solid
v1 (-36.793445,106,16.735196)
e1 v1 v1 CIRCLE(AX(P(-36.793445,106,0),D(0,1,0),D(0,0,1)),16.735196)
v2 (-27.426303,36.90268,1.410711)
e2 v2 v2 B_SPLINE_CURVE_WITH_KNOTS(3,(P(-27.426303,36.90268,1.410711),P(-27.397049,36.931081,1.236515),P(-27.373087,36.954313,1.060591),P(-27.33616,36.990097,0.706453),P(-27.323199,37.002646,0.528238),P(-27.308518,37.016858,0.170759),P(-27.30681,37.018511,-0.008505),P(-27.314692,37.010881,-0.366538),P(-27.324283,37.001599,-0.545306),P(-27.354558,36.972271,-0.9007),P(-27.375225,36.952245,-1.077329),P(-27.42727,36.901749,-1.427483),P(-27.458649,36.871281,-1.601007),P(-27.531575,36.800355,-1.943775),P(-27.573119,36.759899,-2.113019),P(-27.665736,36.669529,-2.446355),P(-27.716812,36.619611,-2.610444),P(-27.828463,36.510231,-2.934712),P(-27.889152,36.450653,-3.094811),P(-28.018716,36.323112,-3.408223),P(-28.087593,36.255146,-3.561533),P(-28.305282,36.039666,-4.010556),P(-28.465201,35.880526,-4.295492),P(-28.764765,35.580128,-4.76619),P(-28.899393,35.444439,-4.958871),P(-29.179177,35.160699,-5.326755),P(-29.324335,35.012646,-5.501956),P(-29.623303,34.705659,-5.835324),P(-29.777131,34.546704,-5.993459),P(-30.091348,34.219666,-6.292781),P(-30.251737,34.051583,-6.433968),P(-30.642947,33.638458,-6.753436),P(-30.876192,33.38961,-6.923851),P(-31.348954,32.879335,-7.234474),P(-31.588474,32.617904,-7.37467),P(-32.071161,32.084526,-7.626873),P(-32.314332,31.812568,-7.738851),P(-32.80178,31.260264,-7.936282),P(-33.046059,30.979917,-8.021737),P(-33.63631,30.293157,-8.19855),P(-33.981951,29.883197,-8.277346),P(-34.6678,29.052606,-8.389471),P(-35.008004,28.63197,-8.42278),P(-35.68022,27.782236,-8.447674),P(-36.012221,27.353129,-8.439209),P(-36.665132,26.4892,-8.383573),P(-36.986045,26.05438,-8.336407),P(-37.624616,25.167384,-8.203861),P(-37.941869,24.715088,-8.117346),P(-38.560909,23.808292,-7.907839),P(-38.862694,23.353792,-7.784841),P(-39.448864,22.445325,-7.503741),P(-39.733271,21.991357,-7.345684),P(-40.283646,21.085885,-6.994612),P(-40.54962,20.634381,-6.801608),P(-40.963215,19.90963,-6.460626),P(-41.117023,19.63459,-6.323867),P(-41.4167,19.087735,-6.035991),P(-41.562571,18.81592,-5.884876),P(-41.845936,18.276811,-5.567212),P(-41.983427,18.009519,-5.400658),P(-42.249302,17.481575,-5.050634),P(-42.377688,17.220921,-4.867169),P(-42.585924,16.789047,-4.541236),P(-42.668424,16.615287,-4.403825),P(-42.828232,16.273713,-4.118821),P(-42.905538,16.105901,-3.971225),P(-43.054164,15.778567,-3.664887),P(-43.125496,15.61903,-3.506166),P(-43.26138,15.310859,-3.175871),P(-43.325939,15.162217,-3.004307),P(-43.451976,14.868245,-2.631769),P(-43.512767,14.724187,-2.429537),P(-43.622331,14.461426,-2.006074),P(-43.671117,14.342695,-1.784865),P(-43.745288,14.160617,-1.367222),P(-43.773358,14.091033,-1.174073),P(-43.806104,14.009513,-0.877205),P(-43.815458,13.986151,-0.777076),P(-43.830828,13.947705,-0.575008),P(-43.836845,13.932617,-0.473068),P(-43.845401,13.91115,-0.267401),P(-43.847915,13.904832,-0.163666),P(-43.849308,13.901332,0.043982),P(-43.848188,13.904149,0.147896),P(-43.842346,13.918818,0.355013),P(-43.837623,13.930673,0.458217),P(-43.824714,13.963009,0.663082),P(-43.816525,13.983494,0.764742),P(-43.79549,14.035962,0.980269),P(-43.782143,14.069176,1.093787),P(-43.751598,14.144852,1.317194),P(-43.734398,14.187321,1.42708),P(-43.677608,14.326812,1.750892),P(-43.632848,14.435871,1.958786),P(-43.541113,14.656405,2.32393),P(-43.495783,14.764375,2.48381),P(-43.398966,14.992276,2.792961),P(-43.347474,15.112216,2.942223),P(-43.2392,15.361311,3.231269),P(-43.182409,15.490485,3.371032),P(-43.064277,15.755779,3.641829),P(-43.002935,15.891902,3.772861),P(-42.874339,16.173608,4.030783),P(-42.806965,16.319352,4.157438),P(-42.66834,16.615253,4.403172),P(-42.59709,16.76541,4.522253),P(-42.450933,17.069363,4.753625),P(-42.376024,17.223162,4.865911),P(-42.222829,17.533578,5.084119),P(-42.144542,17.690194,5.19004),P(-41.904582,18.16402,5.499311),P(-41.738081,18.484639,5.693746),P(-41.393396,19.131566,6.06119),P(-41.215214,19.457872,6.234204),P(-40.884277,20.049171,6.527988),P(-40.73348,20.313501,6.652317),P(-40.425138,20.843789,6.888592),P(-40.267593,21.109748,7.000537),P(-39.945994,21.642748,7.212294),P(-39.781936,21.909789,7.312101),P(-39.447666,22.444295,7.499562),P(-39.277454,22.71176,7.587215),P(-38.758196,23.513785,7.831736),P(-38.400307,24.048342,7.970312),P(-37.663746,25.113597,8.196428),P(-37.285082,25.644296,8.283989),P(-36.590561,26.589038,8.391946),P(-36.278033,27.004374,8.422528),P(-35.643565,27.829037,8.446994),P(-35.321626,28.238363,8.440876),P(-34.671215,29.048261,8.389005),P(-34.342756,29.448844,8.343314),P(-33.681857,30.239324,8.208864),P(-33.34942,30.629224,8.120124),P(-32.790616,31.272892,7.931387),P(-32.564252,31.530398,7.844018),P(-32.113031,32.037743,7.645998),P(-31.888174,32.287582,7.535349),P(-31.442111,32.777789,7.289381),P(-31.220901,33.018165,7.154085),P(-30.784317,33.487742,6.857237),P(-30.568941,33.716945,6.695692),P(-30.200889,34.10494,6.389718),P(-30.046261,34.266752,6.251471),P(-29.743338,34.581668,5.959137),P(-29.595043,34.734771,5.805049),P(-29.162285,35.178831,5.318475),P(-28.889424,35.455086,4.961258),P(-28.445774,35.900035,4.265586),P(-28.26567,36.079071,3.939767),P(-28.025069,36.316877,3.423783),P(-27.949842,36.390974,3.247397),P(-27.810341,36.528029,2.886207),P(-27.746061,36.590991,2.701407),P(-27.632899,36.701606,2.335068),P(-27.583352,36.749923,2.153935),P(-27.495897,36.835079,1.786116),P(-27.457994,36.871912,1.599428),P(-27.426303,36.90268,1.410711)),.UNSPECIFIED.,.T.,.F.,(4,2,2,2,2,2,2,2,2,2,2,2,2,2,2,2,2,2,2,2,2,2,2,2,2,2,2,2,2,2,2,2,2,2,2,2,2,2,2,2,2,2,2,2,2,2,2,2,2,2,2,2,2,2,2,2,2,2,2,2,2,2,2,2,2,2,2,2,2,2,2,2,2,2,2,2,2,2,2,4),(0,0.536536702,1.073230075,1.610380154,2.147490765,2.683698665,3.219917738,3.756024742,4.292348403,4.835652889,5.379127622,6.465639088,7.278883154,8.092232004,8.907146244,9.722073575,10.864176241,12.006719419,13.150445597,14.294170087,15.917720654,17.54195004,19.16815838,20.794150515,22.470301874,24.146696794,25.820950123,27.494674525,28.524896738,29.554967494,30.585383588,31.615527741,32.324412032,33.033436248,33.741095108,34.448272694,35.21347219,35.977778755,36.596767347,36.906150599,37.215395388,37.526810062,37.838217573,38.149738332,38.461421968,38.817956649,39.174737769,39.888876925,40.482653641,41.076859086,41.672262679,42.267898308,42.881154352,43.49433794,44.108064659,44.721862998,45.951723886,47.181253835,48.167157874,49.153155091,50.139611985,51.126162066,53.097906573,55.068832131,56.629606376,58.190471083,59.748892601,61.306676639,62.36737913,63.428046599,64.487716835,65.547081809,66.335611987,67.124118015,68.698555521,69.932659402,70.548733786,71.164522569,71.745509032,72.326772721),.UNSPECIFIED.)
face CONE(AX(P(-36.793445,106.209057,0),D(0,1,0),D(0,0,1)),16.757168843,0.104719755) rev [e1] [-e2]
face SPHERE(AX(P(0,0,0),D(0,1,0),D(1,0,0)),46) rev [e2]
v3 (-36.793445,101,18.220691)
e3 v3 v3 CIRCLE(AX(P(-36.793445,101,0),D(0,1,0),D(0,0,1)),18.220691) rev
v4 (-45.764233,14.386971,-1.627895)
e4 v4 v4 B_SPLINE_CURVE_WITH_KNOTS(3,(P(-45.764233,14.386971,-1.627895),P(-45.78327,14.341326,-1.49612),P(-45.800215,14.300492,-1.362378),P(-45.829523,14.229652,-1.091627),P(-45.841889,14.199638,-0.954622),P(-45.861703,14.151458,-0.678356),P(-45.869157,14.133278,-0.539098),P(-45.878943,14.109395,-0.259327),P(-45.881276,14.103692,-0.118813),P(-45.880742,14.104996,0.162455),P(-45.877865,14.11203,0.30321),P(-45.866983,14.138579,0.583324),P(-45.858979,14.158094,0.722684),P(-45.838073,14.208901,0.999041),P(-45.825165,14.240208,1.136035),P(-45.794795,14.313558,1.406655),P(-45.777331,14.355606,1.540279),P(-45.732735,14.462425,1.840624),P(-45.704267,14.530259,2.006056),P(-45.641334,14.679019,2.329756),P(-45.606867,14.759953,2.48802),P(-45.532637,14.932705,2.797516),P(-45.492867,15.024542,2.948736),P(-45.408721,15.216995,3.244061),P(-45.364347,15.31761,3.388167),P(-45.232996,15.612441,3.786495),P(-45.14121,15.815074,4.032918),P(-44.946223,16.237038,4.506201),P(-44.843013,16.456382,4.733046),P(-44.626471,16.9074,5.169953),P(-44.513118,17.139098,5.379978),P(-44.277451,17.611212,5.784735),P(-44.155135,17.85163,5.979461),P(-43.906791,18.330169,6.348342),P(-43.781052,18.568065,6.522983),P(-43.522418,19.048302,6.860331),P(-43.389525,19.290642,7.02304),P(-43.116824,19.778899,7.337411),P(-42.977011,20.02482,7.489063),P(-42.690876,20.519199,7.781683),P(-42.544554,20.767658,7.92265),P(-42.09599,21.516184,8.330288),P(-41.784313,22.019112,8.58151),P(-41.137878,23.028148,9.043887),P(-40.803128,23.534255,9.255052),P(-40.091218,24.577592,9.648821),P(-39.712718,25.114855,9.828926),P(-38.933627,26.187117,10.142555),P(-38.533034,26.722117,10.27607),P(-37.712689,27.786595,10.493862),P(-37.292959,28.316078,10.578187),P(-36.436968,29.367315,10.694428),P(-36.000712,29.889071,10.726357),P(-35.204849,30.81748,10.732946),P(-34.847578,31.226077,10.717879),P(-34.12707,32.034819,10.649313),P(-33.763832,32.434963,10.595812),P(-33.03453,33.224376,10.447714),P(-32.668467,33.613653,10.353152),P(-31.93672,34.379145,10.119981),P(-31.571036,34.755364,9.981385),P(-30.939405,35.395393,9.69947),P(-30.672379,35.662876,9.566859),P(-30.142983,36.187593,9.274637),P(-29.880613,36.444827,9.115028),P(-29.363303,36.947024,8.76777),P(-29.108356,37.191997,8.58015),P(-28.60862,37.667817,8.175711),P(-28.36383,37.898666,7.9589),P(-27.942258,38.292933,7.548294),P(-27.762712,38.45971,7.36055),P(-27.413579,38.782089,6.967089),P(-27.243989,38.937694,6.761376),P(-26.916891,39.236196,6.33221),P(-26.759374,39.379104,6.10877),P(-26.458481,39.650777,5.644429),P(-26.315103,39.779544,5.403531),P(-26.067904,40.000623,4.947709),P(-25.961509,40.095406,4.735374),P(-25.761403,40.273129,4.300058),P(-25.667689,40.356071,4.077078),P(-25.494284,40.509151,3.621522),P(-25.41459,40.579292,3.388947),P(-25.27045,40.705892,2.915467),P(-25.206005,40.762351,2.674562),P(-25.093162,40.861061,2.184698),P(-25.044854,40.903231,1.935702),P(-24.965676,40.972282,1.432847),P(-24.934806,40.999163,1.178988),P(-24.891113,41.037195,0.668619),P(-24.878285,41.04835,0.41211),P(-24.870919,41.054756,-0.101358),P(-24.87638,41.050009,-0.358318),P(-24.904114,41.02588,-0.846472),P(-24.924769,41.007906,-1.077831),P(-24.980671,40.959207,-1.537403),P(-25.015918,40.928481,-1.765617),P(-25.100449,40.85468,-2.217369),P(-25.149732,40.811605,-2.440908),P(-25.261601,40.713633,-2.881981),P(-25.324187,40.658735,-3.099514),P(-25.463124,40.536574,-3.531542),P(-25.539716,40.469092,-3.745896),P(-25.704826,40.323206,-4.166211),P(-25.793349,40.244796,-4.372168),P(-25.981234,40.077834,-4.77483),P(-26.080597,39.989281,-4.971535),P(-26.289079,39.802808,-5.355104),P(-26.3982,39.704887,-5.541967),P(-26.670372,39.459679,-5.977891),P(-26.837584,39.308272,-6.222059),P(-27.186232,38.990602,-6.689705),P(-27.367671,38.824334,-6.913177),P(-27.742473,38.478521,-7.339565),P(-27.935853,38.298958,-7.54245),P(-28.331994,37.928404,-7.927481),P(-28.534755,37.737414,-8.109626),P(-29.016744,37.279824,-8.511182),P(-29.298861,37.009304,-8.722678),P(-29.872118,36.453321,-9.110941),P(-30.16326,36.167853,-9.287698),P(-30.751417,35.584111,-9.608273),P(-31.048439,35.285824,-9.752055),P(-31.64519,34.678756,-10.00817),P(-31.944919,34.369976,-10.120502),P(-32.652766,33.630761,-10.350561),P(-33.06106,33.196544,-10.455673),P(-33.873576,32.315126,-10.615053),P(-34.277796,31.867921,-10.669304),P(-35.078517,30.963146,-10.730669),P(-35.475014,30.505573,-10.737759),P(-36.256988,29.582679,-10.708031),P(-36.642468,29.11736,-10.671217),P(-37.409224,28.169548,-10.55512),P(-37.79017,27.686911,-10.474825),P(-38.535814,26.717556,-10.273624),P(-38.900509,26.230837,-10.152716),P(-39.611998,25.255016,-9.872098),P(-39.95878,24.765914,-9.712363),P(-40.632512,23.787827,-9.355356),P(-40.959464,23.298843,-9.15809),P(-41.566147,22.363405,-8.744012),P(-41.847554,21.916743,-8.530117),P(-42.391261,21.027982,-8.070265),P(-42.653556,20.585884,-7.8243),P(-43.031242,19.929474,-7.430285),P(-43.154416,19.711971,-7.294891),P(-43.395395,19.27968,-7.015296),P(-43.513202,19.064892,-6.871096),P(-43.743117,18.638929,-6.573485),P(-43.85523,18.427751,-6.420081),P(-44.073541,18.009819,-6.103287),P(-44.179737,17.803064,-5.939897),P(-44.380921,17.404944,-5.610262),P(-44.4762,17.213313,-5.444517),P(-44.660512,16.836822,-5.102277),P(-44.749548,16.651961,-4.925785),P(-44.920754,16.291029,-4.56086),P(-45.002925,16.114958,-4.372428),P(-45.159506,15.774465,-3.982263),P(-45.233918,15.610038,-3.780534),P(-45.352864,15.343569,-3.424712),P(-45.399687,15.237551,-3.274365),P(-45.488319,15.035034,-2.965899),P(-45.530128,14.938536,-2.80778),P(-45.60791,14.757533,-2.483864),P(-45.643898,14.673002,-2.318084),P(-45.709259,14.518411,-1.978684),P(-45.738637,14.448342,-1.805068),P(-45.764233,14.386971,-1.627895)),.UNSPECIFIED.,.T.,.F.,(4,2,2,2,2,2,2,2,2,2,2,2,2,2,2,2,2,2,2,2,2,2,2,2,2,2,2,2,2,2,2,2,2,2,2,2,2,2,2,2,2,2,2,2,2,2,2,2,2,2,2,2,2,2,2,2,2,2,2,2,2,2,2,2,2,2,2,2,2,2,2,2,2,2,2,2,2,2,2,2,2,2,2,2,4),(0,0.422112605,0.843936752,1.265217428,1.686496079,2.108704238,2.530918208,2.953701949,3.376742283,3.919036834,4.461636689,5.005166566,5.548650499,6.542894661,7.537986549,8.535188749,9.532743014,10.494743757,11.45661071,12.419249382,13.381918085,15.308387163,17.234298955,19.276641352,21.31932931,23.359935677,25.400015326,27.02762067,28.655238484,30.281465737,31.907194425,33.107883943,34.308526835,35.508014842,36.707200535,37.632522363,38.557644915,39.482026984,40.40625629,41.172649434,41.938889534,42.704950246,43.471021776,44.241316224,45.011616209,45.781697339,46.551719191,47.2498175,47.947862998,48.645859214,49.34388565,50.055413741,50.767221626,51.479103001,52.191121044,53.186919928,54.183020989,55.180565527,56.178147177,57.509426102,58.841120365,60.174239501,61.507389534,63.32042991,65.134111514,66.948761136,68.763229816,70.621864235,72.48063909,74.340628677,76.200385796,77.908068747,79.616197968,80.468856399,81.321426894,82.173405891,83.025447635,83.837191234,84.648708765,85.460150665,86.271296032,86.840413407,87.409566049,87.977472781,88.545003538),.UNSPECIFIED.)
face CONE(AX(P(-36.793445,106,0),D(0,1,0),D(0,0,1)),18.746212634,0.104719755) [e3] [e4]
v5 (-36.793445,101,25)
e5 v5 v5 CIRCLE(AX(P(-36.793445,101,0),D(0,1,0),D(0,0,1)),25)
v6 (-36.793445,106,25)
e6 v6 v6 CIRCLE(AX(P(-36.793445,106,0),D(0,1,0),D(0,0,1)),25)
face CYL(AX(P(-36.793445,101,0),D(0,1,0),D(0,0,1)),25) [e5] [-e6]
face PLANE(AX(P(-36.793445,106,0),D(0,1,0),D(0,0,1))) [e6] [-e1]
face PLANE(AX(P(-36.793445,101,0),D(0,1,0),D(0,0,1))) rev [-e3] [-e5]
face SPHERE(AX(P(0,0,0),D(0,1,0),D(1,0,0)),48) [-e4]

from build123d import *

# Parameters (mm, degrees)
EXTRUDE_5_REACH      = 191.138
EXTRUDE_5_END_RADIUS = 48
EXTRUDE_START        = 106
SKETCH_6_R           = 18.746212634
EXTRUDE_5_START      = 106
EXTRUDE_5_DRAFT      = -6
SHELL_2_T            = -2
SKETCH_7_R           = 25
SKETCH_7_R_2         = 16.735196074
EXTRUDE_6_DEPTH      = 5


with BuildPart() as part:
    # 草图5 → 旋转8 (revolve)
    with BuildSketch(Plane.XY):
        with BuildLine():
            Line((0, 48), (0, -48))
            ThreePointArc((0, -48), (48, 0), (0, 48))
        make_face()
    revolve(axis=Axis((0, 48, 0), (0, -1, 0)))

    # 凸台-拉伸5: up to this sphere (the profile starts outside it)
    extrude_5_end = Location((0, 0, 0)) * Sphere(EXTRUDE_5_END_RADIUS, mode=Mode.PRIVATE)



with BuildPart() as extrude_5_long_prism_1:
    # 草图6 → 凸台-拉伸5 (the long prism of profile 1, to be tilted and cut off)
    with BuildSketch(Plane(origin=(0, 0, 0), x_dir=(1, 0, 0), z_dir=(0, 1, 0)).offset(EXTRUDE_START)):
        with Locations((-36.793445322, 0)):
            Circle(SKETCH_6_R)
    extrude(amount=-EXTRUDE_5_REACH)
    extrude_5_tool1_sides = [extrude_5_long_prism_1.faces().sort_by_distance(p)[0] for p in [
        (-55.539657956, 10.431, 0),
    ]]
    draft(extrude_5_tool1_sides, Plane(origin=(0, 0, 0), x_dir=(1, 0, 0), z_dir=(0, 1, 0)).offset(EXTRUDE_5_START), EXTRUDE_5_DRAFT)  # the draft: side faces tilted about the start plane


with BuildPart() as part_1:
    add(part.part)
    extrude_5_tool1 = extrude_5_long_prism_1.part - extrude_5_end
    add(extrude_5_tool1.solids().sort_by_distance((-36.793445, 106, 0))[0])

    # 抽壳2
    shell_2_openings = [part_1.faces().sort_by_distance(p)[0] for p in [
        (-36.793445322, 106, 0),
    ]]
    offset(amount=SHELL_2_T, openings=shell_2_openings, kind=Kind.INTERSECTION)

    # 草图7 → 凸台-拉伸6 (add)
    with BuildSketch(Plane(origin=(0, 106, 0), x_dir=(1, 0, 0), z_dir=(0, 1, 0))):
        with Locations((-36.793445322, 0)):
            Circle(SKETCH_7_R)
        with Locations((-36.793445322, 0)):
            Circle(SKETCH_7_R_2, mode=Mode.SUBTRACT)
    extrude(amount=-EXTRUDE_6_DEPTH)


solid = part_1.part
